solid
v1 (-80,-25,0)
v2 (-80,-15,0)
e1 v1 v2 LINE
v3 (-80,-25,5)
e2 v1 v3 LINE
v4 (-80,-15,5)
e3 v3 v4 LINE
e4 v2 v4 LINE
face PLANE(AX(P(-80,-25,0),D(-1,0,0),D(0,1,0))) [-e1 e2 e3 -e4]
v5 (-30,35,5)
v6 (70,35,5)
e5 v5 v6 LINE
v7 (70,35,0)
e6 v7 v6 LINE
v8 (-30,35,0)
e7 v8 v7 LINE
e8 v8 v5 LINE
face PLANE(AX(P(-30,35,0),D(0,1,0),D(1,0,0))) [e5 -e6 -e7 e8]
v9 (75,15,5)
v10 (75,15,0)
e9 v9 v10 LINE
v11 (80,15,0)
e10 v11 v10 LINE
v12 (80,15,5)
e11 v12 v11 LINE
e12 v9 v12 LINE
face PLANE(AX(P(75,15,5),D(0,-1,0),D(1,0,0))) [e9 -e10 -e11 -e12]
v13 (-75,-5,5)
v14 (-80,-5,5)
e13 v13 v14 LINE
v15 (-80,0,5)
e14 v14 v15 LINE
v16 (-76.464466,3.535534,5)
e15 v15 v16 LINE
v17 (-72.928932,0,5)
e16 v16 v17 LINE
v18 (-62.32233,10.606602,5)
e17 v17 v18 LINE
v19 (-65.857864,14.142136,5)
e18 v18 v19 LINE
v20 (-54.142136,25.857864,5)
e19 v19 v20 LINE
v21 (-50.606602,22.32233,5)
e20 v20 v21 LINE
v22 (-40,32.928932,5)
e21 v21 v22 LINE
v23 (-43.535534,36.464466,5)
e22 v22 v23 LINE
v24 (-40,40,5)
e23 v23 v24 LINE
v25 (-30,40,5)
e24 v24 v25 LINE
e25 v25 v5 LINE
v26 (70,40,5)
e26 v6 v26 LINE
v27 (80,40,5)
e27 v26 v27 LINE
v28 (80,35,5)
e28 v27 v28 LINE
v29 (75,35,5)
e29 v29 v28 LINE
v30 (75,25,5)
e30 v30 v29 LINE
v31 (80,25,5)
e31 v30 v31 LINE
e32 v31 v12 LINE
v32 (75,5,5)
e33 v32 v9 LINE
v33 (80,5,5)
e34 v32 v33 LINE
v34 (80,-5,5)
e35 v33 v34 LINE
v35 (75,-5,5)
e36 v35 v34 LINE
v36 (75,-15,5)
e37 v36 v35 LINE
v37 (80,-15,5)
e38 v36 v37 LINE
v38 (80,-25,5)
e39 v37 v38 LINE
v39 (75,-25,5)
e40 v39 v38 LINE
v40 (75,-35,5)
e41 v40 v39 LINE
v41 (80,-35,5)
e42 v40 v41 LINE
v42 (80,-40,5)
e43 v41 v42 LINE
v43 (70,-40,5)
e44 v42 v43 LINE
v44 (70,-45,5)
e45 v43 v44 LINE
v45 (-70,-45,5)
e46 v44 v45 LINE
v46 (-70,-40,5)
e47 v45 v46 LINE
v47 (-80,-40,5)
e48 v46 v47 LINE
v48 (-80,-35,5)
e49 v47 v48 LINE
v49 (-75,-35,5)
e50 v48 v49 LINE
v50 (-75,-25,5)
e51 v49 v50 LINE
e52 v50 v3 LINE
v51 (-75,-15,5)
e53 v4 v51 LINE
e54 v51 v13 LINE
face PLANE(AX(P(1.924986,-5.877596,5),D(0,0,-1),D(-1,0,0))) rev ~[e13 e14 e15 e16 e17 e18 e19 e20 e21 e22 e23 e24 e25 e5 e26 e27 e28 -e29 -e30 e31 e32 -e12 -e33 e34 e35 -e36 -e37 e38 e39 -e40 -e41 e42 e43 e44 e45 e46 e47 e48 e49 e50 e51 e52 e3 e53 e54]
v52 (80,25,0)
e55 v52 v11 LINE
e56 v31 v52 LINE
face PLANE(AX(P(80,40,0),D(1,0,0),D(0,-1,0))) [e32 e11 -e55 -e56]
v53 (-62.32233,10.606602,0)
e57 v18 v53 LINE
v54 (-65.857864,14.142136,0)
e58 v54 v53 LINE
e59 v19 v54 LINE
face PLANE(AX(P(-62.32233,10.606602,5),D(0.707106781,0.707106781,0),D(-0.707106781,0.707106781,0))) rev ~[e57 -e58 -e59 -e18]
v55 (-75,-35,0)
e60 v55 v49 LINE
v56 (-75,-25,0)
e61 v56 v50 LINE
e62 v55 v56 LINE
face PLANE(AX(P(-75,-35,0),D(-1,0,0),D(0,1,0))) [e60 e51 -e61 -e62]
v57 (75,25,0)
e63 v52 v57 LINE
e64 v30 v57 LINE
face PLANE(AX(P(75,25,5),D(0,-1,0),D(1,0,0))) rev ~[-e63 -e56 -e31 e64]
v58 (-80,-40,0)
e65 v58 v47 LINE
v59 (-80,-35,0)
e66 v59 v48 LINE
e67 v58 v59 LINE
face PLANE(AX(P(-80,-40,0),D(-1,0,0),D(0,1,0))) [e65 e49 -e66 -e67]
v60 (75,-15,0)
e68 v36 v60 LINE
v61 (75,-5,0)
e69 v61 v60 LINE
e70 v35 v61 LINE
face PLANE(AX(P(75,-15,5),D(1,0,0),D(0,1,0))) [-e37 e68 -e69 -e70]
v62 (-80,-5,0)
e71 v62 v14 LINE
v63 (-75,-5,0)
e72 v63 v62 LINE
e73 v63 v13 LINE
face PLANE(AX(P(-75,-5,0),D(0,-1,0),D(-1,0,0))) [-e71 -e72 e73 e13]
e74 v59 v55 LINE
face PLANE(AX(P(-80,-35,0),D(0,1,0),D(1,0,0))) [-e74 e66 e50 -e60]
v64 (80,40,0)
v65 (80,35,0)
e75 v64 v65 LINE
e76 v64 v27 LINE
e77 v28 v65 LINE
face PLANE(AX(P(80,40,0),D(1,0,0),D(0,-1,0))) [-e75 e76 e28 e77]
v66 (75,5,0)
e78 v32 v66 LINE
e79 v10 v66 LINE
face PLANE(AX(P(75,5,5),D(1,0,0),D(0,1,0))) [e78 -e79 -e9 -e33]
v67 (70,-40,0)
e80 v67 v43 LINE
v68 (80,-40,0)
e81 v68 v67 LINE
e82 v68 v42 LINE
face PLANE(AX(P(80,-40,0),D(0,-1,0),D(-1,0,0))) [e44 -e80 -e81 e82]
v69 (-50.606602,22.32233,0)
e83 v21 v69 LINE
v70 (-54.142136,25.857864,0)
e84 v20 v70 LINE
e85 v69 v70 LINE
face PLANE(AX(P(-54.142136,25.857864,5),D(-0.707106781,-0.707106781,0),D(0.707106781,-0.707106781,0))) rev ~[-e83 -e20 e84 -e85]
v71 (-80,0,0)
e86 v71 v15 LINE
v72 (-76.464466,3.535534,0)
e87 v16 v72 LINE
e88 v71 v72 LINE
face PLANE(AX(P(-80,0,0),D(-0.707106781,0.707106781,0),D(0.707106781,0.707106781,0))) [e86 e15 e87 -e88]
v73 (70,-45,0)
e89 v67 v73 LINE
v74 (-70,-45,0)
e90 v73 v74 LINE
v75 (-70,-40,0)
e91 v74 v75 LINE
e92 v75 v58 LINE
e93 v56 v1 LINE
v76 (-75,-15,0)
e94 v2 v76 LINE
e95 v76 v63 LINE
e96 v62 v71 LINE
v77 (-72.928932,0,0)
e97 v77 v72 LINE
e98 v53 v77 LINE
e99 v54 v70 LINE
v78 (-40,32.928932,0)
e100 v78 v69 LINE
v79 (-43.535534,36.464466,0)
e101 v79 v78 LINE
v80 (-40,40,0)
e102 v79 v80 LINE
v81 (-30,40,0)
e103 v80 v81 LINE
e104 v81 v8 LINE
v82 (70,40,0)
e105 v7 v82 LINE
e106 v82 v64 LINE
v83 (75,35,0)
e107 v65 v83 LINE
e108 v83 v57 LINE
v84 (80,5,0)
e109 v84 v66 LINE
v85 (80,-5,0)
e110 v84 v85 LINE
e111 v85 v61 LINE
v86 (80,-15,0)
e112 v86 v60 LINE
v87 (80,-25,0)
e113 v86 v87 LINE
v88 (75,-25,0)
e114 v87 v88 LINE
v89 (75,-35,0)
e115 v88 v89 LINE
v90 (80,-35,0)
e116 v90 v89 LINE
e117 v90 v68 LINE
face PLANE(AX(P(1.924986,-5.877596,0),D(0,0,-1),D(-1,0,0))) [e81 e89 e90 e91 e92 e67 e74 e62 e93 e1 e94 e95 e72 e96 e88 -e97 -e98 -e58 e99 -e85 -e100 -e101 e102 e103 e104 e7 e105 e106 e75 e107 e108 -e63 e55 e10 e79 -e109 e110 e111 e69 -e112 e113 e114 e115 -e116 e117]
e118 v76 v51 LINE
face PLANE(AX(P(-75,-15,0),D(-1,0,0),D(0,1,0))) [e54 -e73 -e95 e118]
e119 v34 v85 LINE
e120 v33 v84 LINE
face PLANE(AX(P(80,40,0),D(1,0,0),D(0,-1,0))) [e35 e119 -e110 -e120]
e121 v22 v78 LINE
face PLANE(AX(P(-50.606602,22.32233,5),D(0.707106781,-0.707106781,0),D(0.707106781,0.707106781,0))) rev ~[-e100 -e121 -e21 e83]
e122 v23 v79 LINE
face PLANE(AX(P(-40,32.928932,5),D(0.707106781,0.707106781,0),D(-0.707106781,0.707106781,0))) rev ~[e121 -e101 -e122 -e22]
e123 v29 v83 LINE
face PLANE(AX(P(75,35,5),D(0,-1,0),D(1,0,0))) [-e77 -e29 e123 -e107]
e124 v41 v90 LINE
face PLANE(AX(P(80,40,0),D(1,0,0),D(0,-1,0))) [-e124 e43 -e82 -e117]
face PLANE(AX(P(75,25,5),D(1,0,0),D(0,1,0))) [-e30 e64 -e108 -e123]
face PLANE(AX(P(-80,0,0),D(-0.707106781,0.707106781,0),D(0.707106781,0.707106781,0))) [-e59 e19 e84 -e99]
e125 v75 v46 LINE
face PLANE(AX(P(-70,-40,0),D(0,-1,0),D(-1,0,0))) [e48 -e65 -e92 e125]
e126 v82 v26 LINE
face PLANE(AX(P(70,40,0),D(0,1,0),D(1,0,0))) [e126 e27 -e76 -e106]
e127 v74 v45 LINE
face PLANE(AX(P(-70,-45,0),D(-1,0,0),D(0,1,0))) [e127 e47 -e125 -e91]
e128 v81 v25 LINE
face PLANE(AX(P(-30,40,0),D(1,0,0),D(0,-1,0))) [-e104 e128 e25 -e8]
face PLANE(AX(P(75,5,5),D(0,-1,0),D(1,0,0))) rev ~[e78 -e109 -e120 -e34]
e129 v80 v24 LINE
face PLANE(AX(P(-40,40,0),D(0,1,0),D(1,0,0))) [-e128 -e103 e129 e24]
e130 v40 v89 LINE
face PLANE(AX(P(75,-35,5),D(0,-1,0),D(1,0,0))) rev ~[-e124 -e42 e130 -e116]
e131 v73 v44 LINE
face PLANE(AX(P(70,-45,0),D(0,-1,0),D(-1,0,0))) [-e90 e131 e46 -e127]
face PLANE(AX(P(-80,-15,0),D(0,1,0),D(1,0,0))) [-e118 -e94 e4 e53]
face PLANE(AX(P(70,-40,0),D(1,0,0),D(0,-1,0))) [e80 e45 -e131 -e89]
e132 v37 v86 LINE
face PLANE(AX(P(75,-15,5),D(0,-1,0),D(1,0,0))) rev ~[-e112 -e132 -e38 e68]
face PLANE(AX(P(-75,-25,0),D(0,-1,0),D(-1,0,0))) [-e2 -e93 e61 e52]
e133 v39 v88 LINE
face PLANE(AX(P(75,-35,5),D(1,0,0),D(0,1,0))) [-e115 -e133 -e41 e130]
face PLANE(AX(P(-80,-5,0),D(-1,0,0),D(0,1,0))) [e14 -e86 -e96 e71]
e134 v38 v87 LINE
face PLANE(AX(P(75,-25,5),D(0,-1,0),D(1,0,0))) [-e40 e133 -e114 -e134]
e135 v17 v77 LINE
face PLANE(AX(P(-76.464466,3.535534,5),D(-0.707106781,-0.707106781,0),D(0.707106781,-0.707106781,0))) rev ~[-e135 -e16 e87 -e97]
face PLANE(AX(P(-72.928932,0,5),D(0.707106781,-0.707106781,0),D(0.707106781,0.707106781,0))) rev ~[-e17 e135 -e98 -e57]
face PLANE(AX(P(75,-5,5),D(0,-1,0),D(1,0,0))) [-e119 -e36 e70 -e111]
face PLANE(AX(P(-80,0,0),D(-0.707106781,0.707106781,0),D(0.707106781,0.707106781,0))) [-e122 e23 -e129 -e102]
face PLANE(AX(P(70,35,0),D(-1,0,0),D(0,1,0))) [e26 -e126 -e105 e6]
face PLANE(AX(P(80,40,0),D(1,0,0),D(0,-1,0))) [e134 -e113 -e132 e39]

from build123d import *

# Parameters (mm, degrees)
BOSS_EXTRU_1_DEPTH      = 5
ESQUISSE2_W             = 5
ESQUISSE2_H             = 10
ENL_V_MAT_EXTRU_1_DEPTH = 10
ENL_V_MAT_EXTRU_2_DEPTH = 10


with BuildPart() as part:
    # Esquisse1 → Boss.-Extru.1 (new body)
    with BuildSketch(Plane.XY):
        Polygon((-80, 0), (-40, 40), (-30, 40), (-30, 35), (70, 35), (70, 40), (80, 40), (80, -40), (70, -40), (70, -45), (-70, -45), (-70, -40), (-80, -40), (-80, -35), (-75, -35), (-75, -25), (-80, -25), (-80, -15), (-75, -15), (-75, -5), (-80, -5), align=None)
    extrude(amount=BOSS_EXTRU_1_DEPTH)

    # Esquisse2 → Enlèv. mat.-Extru.1 (cut)
    with BuildSketch(Plane.XY.offset(5)):
        with Locations((77.5, -30)):
            Rectangle(ESQUISSE2_W, ESQUISSE2_H)
        with Locations((77.5, -10)):
            Rectangle(ESQUISSE2_W, ESQUISSE2_H)
        with Locations((77.5, 10)):
            Rectangle(ESQUISSE2_W, ESQUISSE2_H)
        with Locations((77.5, 30)):
            Rectangle(ESQUISSE2_W, ESQUISSE2_H)
    extrude(amount=-ENL_V_MAT_EXTRU_1_DEPTH, mode=Mode.SUBTRACT)

    # Esquisse3 → Enlèv. mat.-Extru.2 (cut)
    with BuildSketch(Plane.XY.offset(5)):
        Polygon((-43.535533906, 36.464466094), (-54.142135624, 25.857864376), (-50.606601718, 22.32233047), (-40, 32.928932188), align=None)
        Polygon((-65.857864376, 14.142135624), (-76.464466094, 3.535533906), (-72.928932188, 0), (-62.32233047, 10.606601718), align=None)
    extrude(amount=-ENL_V_MAT_EXTRU_2_DEPTH, mode=Mode.SUBTRACT)


solid = part.part
